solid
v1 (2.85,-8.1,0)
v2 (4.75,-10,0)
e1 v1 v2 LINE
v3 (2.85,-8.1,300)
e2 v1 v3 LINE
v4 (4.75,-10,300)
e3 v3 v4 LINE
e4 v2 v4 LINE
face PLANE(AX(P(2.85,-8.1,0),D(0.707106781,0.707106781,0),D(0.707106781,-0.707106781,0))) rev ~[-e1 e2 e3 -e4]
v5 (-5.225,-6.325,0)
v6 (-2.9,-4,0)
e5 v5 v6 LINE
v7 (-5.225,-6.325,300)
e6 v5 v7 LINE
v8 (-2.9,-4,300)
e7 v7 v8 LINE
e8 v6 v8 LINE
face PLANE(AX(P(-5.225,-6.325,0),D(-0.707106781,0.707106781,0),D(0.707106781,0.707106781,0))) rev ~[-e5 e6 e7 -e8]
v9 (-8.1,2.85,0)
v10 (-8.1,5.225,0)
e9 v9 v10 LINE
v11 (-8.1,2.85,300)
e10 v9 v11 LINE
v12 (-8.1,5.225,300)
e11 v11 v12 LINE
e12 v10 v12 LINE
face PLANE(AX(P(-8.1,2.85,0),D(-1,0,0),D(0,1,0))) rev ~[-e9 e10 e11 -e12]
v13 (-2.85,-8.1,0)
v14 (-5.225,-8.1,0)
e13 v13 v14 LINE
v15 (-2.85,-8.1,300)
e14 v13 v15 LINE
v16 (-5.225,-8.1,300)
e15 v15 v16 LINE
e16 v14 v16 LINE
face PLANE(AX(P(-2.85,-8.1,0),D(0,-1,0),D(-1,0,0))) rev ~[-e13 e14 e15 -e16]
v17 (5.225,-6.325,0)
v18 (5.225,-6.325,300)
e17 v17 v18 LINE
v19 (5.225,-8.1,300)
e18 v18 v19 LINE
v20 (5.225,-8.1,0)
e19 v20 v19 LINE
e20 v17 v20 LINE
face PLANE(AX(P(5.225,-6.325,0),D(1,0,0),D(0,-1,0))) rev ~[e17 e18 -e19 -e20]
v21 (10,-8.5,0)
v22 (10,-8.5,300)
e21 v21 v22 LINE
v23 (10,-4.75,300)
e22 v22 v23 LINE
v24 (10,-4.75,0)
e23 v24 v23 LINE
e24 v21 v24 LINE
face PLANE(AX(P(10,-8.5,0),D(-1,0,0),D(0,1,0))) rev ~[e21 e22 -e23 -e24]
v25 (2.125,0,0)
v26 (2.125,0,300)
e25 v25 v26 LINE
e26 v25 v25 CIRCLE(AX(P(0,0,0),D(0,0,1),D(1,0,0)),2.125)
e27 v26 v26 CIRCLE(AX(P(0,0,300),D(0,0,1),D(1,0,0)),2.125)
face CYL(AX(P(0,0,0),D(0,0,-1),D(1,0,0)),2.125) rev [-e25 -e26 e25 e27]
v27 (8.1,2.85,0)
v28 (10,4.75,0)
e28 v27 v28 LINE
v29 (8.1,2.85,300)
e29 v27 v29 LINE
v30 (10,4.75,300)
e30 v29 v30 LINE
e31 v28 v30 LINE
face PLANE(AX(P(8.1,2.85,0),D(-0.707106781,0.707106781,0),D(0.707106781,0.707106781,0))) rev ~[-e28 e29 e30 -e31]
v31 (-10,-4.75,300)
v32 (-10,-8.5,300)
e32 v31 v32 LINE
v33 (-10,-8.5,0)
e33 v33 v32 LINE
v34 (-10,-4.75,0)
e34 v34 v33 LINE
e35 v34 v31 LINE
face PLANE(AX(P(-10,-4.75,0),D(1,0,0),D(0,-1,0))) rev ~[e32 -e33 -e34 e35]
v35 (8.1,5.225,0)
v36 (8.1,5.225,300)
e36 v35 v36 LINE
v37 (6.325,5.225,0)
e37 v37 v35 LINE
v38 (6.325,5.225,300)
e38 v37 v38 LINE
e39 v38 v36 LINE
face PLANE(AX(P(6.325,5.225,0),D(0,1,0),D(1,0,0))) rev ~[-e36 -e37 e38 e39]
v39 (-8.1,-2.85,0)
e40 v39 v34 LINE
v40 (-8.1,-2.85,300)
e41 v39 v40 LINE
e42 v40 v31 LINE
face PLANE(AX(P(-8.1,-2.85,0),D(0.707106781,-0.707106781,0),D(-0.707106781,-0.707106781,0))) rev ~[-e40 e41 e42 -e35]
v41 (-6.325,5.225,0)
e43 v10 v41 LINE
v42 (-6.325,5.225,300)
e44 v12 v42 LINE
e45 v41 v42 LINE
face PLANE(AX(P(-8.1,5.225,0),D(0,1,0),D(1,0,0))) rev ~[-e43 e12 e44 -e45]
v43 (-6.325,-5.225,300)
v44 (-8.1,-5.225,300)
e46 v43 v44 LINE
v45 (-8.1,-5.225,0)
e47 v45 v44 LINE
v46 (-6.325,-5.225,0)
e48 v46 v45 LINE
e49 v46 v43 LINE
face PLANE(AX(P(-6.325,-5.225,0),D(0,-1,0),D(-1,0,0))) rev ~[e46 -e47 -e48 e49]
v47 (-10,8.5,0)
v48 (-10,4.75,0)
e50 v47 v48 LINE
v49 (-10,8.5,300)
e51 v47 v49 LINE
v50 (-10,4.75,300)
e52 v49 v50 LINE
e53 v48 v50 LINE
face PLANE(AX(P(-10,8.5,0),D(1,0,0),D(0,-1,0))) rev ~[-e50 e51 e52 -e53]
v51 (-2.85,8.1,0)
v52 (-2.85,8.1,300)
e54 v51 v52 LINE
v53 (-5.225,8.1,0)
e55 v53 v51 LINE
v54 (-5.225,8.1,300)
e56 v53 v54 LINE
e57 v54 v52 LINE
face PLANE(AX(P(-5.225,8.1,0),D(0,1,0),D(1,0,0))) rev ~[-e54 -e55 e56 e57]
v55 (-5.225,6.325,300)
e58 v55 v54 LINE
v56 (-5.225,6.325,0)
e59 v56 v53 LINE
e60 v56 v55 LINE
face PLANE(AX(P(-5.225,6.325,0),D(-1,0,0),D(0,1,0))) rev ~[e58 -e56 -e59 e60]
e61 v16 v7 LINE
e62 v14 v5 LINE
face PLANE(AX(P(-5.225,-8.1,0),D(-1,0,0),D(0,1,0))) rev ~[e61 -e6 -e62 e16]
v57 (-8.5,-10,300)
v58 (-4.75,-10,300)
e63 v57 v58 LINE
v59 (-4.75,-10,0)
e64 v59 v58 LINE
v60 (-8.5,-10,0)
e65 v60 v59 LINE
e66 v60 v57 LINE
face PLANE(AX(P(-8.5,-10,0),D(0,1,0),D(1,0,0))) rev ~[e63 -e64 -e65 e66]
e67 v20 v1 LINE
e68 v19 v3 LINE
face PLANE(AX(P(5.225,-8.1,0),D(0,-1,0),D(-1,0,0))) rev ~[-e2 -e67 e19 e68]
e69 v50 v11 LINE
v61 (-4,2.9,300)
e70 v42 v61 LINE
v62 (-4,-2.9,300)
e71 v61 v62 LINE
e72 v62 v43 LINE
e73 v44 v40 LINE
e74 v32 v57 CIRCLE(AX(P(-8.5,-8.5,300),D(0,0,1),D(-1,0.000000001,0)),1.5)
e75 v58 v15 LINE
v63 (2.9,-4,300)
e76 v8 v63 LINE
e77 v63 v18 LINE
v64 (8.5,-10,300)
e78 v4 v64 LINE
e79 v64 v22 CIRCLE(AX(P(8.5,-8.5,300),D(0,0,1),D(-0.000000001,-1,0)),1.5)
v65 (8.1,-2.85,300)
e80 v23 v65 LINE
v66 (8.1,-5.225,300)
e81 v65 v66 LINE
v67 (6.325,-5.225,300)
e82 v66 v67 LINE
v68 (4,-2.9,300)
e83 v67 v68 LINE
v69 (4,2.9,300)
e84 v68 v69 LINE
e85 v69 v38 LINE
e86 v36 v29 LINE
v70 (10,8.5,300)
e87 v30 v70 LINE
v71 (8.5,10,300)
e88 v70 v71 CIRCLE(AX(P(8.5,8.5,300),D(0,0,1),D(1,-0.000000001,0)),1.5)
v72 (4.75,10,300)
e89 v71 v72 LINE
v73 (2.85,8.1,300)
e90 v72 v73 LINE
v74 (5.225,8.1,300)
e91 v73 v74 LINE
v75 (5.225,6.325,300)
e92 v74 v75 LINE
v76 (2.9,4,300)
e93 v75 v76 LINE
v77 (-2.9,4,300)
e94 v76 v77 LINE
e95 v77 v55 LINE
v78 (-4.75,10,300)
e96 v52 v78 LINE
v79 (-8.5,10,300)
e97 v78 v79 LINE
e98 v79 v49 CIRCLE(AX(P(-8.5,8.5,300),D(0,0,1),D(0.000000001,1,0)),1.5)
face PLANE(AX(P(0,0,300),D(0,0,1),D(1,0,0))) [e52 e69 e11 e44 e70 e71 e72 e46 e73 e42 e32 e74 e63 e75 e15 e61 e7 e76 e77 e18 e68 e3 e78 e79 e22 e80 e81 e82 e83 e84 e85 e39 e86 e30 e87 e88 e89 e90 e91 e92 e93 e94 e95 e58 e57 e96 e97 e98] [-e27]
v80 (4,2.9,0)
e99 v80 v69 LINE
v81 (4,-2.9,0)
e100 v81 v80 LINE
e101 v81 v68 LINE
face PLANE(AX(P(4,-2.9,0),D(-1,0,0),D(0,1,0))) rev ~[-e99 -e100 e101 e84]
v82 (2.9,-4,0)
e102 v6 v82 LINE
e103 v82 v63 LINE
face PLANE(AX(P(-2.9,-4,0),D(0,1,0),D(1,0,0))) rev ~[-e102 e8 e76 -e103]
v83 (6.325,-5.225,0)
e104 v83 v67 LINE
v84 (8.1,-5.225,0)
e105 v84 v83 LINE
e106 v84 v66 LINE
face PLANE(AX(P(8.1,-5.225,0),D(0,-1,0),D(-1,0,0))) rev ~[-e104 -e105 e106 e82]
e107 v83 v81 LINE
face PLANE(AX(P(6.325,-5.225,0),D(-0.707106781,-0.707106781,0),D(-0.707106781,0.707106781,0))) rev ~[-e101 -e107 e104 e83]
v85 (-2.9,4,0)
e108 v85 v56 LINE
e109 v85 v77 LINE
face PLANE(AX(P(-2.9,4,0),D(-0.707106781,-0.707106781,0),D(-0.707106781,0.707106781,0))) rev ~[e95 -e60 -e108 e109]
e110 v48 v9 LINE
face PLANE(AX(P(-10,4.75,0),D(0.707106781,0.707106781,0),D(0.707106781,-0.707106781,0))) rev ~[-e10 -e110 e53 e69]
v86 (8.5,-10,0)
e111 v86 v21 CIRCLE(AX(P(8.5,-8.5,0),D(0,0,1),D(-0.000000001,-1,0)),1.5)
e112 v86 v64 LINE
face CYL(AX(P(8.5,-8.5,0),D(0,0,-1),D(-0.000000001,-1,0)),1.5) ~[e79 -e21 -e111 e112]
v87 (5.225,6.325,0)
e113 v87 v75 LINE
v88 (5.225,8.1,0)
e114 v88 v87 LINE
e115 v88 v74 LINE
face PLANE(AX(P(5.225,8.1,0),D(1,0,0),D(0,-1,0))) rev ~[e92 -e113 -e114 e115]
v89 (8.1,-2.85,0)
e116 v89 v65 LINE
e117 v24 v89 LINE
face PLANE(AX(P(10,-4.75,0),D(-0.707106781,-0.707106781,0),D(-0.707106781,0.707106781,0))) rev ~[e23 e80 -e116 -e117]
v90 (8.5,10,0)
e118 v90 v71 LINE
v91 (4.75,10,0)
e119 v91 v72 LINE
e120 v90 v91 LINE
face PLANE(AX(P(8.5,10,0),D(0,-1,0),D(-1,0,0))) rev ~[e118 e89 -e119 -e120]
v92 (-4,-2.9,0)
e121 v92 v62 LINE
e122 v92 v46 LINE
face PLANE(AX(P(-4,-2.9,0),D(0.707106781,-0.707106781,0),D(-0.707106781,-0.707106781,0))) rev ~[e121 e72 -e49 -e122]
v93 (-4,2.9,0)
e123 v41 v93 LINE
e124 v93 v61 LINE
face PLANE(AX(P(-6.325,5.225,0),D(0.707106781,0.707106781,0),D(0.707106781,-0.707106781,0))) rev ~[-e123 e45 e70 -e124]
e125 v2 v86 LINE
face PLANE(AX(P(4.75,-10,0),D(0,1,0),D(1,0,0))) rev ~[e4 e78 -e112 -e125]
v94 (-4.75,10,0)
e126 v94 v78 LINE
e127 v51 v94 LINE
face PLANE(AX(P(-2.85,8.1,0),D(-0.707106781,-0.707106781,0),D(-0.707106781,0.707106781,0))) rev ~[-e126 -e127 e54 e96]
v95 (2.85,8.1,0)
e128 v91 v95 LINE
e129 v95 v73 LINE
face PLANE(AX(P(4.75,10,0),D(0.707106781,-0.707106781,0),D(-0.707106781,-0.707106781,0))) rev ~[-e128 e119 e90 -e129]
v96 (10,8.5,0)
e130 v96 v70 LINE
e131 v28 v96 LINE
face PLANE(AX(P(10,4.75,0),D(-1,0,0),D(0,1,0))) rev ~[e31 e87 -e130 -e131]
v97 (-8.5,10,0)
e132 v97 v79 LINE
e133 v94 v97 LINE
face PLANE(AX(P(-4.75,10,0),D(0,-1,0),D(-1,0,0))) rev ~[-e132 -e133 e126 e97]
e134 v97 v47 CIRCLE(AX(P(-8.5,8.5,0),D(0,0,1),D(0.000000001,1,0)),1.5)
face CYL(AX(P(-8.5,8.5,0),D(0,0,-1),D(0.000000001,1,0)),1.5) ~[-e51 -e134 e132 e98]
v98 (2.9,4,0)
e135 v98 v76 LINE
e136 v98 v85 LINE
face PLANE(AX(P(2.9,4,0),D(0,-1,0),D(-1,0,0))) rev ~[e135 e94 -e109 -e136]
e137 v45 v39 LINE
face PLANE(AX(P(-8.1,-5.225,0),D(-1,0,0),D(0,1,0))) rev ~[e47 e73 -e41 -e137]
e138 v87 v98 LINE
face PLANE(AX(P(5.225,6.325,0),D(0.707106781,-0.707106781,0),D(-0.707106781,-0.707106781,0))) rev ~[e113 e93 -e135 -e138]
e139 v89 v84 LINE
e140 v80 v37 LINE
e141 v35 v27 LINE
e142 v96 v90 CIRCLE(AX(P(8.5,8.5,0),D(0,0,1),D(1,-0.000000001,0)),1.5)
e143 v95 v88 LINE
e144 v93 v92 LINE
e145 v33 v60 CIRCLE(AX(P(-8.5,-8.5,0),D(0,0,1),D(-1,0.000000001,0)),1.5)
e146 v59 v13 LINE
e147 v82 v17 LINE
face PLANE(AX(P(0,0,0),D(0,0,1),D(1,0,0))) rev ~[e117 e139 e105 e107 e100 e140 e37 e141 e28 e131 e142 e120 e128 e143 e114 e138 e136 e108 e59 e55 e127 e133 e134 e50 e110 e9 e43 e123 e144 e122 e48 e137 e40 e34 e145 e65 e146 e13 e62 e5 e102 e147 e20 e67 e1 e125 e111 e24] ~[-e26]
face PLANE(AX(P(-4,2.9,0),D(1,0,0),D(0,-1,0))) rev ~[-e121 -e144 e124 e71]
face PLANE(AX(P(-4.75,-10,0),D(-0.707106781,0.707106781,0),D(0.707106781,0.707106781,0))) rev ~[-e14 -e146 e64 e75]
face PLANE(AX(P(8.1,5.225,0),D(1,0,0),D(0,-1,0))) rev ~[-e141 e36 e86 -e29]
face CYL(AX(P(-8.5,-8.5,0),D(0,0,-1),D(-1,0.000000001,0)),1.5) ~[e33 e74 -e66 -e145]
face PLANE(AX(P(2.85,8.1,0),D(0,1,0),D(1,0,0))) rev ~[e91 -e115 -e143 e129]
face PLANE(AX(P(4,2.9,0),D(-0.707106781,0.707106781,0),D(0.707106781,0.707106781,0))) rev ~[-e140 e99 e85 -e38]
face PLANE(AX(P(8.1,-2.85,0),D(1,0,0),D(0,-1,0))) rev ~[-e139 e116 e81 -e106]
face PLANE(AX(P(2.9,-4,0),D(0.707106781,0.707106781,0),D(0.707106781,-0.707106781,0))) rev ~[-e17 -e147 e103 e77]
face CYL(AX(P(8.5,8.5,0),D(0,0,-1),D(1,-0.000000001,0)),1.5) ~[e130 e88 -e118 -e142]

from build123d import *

# Parameters (mm, degrees)
SKETCH1_R           = 2.125
BOSS_EXTRUDE1_DEPTH = 300


with BuildPart() as part:
    # Sketch1 → Boss-Extrude1 (new body)
    with BuildSketch(Plane.XY):
        with BuildLine():
            Line((8.1, 5.225), (8.1, 2.85))
            Line((8.1, 2.85), (10, 4.75))
            Line((10, 4.75), (10, 8.5))
            ThreePointArc((10, 8.5), (9.560660172, 9.560660172), (8.5, 10))
            Line((8.5, 10), (4.75, 10))
            Line((4.75, 10), (2.85, 8.1))
            Line((2.85, 8.1), (5.225, 8.1))
            Line((5.225, 8.1), (5.225, 6.325))
            Line((5.225, 6.325), (2.9, 4))
            Line((2.9, 4), (-2.9, 4))
            Line((-2.9, 4), (-5.225, 6.325))
            Line((-5.225, 6.325), (-5.225, 8.1))
            Line((-5.225, 8.1), (-2.85, 8.1))
            Line((-2.85, 8.1), (-4.75, 10))
            Line((-4.75, 10), (-8.5, 10))
            ThreePointArc((-8.5, 10), (-9.560660172, 9.560660172), (-10, 8.5))
            Line((-10, 8.5), (-10, 4.75))
            Line((-10, 4.75), (-8.1, 2.85))
            Line((-8.1, 2.85), (-8.1, 5.225))
            Line((-8.1, 5.225), (-6.325, 5.225))
            Line((-6.325, 5.225), (-4, 2.9))
            Line((-4, 2.9), (-4, -2.9))
            Line((-4, -2.9), (-6.325, -5.225))
            Line((-6.325, -5.225), (-8.1, -5.225))
            Line((-8.1, -5.225), (-8.1, -2.85))
            Line((-8.1, -2.85), (-10, -4.75))
            Line((-10, -4.75), (-10, -8.5))
            ThreePointArc((-10, -8.5), (-9.560660172, -9.560660172), (-8.5, -10))
            Line((-8.5, -10), (-4.75, -10))
            Line((-4.75, -10), (-2.85, -8.1))
            Line((-2.85, -8.1), (-5.225, -8.1))
            Line((-5.225, -8.1), (-5.225, -6.325))
            Line((-5.225, -6.325), (-2.9, -4))
            Line((-2.9, -4), (2.9, -4))
            Line((2.9, -4), (5.225, -6.325))
            Line((5.225, -6.325), (5.225, -8.1))
            Line((5.225, -8.1), (2.85, -8.1))
            Line((2.85, -8.1), (4.75, -10))
            Line((4.75, -10), (8.5, -10))
            ThreePointArc((8.5, -10), (9.560660172, -9.560660172), (10, -8.5))
            Line((10, -8.5), (10, -4.75))
            Line((10, -4.75), (8.1, -2.85))
            Line((8.1, -2.85), (8.1, -5.225))
            Line((8.1, -5.225), (6.325, -5.225))
            Line((6.325, -5.225), (4, -2.9))
            Line((4, -2.9), (4, 2.9))
            Line((4, 2.9), (6.325, 5.225))
            Line((6.325, 5.225), (8.1, 5.225))
        make_face()
        Circle(SKETCH1_R, mode=Mode.SUBTRACT)
    extrude(amount=BOSS_EXTRUDE1_DEPTH)


solid = part.part
